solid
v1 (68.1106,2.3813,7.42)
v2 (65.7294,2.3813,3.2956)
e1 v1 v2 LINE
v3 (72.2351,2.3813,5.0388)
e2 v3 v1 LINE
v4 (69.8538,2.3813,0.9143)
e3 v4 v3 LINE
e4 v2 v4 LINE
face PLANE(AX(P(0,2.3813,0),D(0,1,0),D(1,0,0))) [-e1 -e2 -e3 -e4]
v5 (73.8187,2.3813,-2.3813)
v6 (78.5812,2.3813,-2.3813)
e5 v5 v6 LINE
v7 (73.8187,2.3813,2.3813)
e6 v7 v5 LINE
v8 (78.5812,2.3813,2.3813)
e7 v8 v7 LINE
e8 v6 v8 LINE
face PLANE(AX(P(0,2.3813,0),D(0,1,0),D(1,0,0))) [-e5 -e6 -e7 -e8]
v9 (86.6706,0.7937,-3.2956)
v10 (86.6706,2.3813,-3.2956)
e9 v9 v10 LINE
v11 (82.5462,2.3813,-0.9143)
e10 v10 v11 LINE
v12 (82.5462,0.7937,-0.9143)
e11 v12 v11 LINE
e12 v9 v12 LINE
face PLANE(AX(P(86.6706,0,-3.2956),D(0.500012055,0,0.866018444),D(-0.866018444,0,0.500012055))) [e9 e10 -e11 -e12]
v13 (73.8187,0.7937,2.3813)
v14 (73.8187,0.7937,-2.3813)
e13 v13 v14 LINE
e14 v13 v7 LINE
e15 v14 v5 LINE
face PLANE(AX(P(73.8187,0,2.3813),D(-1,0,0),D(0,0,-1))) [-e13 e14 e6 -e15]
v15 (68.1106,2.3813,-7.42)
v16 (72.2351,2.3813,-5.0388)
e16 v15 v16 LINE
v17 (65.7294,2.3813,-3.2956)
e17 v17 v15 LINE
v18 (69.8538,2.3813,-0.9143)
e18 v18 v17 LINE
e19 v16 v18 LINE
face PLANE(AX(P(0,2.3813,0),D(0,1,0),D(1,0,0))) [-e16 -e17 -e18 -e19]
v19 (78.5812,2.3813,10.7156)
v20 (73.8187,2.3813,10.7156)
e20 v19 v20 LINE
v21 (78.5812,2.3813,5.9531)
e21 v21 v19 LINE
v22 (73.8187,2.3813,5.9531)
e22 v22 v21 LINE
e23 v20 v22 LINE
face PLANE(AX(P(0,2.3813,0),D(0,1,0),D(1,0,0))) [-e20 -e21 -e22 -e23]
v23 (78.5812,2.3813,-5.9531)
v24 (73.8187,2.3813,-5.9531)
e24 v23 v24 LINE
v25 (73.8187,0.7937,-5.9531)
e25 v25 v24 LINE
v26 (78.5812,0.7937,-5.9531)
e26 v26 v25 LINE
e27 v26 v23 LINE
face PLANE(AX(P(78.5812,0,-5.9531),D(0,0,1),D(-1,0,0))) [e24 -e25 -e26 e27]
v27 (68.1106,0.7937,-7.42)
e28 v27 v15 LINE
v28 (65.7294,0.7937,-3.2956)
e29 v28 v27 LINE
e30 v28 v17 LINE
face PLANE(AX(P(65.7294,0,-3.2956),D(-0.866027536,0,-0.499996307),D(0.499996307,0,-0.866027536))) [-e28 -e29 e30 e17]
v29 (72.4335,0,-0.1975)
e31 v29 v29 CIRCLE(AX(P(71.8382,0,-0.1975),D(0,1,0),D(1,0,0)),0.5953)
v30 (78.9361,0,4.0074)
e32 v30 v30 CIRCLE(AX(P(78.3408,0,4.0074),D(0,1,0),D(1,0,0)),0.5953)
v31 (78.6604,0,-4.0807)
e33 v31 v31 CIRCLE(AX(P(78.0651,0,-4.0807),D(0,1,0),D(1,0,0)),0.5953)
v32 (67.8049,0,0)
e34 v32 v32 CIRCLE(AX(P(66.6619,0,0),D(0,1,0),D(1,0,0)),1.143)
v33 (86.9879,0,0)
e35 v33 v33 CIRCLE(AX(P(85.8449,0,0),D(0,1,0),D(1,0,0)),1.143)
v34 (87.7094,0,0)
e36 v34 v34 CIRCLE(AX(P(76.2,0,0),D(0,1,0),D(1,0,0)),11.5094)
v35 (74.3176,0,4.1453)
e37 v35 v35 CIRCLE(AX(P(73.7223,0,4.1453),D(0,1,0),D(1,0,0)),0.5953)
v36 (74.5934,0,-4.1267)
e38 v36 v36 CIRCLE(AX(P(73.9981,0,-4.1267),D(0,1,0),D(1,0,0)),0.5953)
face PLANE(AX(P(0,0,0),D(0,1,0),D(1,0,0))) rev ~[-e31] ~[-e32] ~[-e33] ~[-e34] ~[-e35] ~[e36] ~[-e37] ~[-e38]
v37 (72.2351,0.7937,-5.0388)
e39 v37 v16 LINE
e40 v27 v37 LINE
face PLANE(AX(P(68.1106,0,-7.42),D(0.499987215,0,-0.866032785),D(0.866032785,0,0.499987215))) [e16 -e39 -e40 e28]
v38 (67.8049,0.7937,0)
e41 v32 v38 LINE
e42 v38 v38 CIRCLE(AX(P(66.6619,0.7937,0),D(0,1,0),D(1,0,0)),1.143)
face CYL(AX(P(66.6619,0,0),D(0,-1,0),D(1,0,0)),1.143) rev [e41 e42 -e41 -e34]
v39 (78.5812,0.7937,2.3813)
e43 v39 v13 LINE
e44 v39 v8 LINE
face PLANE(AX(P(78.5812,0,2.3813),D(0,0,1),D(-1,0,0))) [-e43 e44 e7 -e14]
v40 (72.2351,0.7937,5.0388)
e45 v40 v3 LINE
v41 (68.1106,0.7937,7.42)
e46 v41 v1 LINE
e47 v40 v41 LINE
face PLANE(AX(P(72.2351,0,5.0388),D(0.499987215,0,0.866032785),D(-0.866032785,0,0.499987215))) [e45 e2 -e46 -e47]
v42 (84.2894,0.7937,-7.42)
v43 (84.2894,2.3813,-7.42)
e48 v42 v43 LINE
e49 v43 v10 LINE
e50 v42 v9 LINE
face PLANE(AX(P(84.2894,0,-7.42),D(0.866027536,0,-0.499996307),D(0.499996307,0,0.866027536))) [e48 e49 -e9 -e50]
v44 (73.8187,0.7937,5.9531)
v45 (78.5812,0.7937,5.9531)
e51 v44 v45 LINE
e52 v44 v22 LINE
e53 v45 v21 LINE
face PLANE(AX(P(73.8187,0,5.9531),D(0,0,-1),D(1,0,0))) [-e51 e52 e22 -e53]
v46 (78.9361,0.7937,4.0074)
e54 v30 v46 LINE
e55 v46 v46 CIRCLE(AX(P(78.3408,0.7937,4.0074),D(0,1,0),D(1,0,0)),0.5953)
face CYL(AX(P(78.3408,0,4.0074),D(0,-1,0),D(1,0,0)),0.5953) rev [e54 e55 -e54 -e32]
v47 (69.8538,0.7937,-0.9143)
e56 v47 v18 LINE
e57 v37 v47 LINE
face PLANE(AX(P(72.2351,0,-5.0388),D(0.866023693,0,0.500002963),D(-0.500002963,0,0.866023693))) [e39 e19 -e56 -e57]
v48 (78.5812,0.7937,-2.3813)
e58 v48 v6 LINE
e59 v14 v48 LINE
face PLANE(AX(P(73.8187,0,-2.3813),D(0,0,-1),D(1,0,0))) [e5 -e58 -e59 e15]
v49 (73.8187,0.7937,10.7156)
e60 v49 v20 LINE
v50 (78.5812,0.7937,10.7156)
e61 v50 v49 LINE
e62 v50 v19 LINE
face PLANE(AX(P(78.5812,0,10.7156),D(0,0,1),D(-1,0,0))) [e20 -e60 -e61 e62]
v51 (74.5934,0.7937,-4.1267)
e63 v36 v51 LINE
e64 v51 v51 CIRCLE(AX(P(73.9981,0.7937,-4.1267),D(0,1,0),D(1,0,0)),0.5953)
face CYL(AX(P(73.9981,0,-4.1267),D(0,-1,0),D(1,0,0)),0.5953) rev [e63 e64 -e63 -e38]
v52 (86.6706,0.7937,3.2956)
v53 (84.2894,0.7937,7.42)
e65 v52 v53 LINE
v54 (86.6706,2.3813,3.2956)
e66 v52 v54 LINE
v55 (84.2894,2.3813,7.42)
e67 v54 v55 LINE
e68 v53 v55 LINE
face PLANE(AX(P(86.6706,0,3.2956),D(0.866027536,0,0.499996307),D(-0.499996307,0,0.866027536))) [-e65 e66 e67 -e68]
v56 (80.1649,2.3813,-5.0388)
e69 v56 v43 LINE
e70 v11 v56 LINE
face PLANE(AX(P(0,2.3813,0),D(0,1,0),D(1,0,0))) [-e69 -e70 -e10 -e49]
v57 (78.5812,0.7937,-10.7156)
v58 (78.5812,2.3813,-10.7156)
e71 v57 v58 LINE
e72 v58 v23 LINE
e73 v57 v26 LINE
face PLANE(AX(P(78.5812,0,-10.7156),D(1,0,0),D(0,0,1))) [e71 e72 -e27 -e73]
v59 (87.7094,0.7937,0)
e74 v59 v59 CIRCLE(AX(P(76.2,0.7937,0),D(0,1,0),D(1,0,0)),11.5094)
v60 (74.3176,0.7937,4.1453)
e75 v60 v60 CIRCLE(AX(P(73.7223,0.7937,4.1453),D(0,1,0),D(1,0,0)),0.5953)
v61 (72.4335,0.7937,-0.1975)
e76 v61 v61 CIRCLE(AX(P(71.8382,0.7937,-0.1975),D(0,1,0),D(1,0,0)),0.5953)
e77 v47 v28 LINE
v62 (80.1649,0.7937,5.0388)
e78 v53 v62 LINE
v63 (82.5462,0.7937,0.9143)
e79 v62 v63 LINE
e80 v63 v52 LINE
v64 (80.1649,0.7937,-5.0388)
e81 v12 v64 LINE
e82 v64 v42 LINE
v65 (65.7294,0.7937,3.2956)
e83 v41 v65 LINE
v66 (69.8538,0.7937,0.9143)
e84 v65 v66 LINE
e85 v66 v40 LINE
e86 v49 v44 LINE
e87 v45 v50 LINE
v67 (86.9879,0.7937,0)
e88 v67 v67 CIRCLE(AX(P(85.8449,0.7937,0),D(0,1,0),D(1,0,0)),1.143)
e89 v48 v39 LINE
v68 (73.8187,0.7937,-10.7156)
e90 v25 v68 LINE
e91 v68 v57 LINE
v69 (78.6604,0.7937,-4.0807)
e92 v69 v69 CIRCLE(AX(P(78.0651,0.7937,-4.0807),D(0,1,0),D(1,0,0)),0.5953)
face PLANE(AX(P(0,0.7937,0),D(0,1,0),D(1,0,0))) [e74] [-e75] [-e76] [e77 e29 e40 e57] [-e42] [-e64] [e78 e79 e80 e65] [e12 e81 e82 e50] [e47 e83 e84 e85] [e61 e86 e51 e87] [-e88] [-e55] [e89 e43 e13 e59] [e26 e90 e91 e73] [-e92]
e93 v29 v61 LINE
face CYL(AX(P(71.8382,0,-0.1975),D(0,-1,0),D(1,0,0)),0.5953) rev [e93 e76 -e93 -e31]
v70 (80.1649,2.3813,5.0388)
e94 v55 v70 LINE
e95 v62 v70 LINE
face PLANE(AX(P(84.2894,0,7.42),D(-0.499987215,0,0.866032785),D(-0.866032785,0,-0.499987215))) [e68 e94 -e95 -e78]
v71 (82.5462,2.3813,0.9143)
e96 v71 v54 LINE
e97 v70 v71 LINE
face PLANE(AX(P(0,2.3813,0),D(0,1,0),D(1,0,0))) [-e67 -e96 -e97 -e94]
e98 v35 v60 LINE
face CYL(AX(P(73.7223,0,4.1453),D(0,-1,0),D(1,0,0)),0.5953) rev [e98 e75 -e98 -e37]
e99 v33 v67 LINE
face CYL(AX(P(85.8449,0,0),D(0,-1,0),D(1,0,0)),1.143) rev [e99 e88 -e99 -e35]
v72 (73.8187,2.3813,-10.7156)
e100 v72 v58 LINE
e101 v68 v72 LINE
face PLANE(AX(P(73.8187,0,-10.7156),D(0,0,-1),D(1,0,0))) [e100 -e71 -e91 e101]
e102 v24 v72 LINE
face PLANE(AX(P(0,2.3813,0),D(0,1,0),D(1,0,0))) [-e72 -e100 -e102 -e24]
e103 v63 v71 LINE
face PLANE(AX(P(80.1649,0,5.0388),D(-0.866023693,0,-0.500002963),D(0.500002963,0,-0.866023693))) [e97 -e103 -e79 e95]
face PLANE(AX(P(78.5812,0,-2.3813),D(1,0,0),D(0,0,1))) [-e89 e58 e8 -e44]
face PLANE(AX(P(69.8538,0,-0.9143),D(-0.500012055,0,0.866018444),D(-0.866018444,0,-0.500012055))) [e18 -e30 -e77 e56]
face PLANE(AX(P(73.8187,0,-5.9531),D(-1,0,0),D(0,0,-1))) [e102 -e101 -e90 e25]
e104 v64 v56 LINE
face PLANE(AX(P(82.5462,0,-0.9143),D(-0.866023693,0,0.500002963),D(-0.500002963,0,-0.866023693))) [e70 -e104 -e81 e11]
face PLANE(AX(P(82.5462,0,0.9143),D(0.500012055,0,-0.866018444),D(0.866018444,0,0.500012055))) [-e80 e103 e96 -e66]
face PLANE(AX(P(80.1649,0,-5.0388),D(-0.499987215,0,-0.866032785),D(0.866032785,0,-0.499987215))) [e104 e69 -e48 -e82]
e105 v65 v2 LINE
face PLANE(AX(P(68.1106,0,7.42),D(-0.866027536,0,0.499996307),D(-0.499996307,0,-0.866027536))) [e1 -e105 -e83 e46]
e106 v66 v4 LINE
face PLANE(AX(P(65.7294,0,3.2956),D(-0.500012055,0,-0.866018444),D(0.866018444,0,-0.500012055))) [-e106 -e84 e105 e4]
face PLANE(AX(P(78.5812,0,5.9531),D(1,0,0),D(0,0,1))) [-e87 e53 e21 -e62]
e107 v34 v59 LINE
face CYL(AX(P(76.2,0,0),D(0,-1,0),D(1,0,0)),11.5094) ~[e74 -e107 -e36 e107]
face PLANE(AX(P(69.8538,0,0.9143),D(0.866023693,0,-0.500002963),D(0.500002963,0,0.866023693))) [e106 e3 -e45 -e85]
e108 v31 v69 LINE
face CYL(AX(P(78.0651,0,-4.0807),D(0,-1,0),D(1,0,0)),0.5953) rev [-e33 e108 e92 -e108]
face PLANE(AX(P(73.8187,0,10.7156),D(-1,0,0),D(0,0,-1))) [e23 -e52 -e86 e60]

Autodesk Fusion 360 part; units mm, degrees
sketch "Sketch1" plane through (0, 0, 0) normal (0, 1, 0) x (1, 0, 0)
  circle A0 centre (76.2, 0) radius 11.5094
  circle A1 centre (66.6619, 0) radius 1.143
  circle A2 centre (85.8449, 0) radius 1.143
  line L0 (73.8187, 10.7156) -> (78.5812, 10.7156)
  line L1 (78.5812, 10.7156) -> (78.5812, 5.9531)
  line L2 (78.5812, 5.9531) -> (73.8187, 5.9531)
  line L3 (73.8187, 5.9531) -> (73.8187, 10.7156)
  line L4 (69.8538, 0.9143) -> (65.7294, 3.2956)
  line L5 (72.2351, 5.0388) -> (69.8538, 0.9143)
  line L6 (68.1106, 7.42) -> (72.2351, 5.0388)
  line L7 (65.7294, 3.2956) -> (68.1106, 7.42)
  line L8 (72.2351, -5.0388) -> (68.1106, -7.42)
  line L9 (69.8538, -0.9143) -> (72.2351, -5.0388)
  line L10 (65.7294, -3.2956) -> (69.8538, -0.9143)
  line L11 (68.1106, -7.42) -> (65.7294, -3.2956)
  line L12 (78.5812, -5.9531) -> (78.5812, -10.7156)
  line L13 (73.8187, -5.9531) -> (78.5812, -5.9531)
  line L14 (73.8187, -10.7156) -> (73.8187, -5.9531)
  line L15 (78.5812, -10.7156) -> (73.8187, -10.7156)
  line L16 (82.5462, -0.9143) -> (86.6706, -3.2956)
  line L17 (80.1649, -5.0388) -> (82.5462, -0.9143)
  line L18 (84.2894, -7.42) -> (80.1649, -5.0388)
  line L19 (86.6706, -3.2956) -> (84.2894, -7.42)
  line L20 (80.1649, 5.0388) -> (84.2894, 7.42)
  line L21 (82.5462, 0.9143) -> (80.1649, 5.0388)
  line L22 (86.6706, 3.2956) -> (82.5462, 0.9143)
  line L23 (84.2894, 7.42) -> (86.6706, 3.2956)
  line L24 (78.5812, 2.3813) -> (78.5812, -2.3813)
  line L25 (78.5812, -2.3813) -> (73.8187, -2.3813)
  line L26 (73.8187, -2.3813) -> (73.8187, 2.3813)
  line L27 (73.8187, 2.3813) -> (78.5812, 2.3813)
  circle A3 centre (73.9981, 4.1267) radius 0.5953
  circle A4 centre (78.0651, 4.0807) radius 0.5953
  circle A5 centre (73.7223, -4.1453) radius 0.5953
  circle A6 centre (78.3408, -4.0074) radius 0.5953
  circle A7 centre (71.8382, 0.1975) radius 0.5953
  point P0 (76.2, 10.7156)
  dimension "d32" = 23.0187
  dimension "d35" = 2.286
  dimension "d36" = 2.286
  dimension "d37" = 4.7625
  dimension "d38" = 4.7625
  dimension "d41" = 360
  dimension "d44" = 4.7625
  dimension "d45" = 4.7625
  dimension "d50" = 1.1906
  dimension "d51" = 1.1906
  dimension "d52" = 1.1906
  dimension "d53" = 1.1906
  dimension "d54" = 1.1906
extrude "Extrude1" add sketch "Sketch1" along normal blind 0.7937
extrude "Extrude2" add sketch "Sketch1" along normal blind 2.3813 contours L0 L1 L2 L3 | L4 L5 L6 L7 | L8 L9 L10 L11 | L12 L13 L14 L15 | L16 L17 L18 L19 | L20 L21 L22 L23 | L24 L25 L26 L27
equation "d32 = ( 29 / 32 ) * 1 in"
equation "d37 = ( 3 / 16 ) * 1 in"
equation "d38 = ( 3 / 16 ) * 1 in"
equation "d44 = ( 3 / 16 ) * 1 in"
equation "d45 = ( 3 / 16 ) * 1 in"
equation "d46 = ( 1 / 32 ) * 1 in"
equation "d48 = ( 3 / 32 ) * 1 in"
equation "d50 = ( 3 / 64 ) * 1 in"
equation "d51 = ( 3 / 64 ) * 1 in"
equation "d52 = ( 3 / 64 ) * 1 in"
equation "d53 = ( 3 / 64 ) * 1 in"
equation "d54 = ( 3 / 64 ) * 1 in"
